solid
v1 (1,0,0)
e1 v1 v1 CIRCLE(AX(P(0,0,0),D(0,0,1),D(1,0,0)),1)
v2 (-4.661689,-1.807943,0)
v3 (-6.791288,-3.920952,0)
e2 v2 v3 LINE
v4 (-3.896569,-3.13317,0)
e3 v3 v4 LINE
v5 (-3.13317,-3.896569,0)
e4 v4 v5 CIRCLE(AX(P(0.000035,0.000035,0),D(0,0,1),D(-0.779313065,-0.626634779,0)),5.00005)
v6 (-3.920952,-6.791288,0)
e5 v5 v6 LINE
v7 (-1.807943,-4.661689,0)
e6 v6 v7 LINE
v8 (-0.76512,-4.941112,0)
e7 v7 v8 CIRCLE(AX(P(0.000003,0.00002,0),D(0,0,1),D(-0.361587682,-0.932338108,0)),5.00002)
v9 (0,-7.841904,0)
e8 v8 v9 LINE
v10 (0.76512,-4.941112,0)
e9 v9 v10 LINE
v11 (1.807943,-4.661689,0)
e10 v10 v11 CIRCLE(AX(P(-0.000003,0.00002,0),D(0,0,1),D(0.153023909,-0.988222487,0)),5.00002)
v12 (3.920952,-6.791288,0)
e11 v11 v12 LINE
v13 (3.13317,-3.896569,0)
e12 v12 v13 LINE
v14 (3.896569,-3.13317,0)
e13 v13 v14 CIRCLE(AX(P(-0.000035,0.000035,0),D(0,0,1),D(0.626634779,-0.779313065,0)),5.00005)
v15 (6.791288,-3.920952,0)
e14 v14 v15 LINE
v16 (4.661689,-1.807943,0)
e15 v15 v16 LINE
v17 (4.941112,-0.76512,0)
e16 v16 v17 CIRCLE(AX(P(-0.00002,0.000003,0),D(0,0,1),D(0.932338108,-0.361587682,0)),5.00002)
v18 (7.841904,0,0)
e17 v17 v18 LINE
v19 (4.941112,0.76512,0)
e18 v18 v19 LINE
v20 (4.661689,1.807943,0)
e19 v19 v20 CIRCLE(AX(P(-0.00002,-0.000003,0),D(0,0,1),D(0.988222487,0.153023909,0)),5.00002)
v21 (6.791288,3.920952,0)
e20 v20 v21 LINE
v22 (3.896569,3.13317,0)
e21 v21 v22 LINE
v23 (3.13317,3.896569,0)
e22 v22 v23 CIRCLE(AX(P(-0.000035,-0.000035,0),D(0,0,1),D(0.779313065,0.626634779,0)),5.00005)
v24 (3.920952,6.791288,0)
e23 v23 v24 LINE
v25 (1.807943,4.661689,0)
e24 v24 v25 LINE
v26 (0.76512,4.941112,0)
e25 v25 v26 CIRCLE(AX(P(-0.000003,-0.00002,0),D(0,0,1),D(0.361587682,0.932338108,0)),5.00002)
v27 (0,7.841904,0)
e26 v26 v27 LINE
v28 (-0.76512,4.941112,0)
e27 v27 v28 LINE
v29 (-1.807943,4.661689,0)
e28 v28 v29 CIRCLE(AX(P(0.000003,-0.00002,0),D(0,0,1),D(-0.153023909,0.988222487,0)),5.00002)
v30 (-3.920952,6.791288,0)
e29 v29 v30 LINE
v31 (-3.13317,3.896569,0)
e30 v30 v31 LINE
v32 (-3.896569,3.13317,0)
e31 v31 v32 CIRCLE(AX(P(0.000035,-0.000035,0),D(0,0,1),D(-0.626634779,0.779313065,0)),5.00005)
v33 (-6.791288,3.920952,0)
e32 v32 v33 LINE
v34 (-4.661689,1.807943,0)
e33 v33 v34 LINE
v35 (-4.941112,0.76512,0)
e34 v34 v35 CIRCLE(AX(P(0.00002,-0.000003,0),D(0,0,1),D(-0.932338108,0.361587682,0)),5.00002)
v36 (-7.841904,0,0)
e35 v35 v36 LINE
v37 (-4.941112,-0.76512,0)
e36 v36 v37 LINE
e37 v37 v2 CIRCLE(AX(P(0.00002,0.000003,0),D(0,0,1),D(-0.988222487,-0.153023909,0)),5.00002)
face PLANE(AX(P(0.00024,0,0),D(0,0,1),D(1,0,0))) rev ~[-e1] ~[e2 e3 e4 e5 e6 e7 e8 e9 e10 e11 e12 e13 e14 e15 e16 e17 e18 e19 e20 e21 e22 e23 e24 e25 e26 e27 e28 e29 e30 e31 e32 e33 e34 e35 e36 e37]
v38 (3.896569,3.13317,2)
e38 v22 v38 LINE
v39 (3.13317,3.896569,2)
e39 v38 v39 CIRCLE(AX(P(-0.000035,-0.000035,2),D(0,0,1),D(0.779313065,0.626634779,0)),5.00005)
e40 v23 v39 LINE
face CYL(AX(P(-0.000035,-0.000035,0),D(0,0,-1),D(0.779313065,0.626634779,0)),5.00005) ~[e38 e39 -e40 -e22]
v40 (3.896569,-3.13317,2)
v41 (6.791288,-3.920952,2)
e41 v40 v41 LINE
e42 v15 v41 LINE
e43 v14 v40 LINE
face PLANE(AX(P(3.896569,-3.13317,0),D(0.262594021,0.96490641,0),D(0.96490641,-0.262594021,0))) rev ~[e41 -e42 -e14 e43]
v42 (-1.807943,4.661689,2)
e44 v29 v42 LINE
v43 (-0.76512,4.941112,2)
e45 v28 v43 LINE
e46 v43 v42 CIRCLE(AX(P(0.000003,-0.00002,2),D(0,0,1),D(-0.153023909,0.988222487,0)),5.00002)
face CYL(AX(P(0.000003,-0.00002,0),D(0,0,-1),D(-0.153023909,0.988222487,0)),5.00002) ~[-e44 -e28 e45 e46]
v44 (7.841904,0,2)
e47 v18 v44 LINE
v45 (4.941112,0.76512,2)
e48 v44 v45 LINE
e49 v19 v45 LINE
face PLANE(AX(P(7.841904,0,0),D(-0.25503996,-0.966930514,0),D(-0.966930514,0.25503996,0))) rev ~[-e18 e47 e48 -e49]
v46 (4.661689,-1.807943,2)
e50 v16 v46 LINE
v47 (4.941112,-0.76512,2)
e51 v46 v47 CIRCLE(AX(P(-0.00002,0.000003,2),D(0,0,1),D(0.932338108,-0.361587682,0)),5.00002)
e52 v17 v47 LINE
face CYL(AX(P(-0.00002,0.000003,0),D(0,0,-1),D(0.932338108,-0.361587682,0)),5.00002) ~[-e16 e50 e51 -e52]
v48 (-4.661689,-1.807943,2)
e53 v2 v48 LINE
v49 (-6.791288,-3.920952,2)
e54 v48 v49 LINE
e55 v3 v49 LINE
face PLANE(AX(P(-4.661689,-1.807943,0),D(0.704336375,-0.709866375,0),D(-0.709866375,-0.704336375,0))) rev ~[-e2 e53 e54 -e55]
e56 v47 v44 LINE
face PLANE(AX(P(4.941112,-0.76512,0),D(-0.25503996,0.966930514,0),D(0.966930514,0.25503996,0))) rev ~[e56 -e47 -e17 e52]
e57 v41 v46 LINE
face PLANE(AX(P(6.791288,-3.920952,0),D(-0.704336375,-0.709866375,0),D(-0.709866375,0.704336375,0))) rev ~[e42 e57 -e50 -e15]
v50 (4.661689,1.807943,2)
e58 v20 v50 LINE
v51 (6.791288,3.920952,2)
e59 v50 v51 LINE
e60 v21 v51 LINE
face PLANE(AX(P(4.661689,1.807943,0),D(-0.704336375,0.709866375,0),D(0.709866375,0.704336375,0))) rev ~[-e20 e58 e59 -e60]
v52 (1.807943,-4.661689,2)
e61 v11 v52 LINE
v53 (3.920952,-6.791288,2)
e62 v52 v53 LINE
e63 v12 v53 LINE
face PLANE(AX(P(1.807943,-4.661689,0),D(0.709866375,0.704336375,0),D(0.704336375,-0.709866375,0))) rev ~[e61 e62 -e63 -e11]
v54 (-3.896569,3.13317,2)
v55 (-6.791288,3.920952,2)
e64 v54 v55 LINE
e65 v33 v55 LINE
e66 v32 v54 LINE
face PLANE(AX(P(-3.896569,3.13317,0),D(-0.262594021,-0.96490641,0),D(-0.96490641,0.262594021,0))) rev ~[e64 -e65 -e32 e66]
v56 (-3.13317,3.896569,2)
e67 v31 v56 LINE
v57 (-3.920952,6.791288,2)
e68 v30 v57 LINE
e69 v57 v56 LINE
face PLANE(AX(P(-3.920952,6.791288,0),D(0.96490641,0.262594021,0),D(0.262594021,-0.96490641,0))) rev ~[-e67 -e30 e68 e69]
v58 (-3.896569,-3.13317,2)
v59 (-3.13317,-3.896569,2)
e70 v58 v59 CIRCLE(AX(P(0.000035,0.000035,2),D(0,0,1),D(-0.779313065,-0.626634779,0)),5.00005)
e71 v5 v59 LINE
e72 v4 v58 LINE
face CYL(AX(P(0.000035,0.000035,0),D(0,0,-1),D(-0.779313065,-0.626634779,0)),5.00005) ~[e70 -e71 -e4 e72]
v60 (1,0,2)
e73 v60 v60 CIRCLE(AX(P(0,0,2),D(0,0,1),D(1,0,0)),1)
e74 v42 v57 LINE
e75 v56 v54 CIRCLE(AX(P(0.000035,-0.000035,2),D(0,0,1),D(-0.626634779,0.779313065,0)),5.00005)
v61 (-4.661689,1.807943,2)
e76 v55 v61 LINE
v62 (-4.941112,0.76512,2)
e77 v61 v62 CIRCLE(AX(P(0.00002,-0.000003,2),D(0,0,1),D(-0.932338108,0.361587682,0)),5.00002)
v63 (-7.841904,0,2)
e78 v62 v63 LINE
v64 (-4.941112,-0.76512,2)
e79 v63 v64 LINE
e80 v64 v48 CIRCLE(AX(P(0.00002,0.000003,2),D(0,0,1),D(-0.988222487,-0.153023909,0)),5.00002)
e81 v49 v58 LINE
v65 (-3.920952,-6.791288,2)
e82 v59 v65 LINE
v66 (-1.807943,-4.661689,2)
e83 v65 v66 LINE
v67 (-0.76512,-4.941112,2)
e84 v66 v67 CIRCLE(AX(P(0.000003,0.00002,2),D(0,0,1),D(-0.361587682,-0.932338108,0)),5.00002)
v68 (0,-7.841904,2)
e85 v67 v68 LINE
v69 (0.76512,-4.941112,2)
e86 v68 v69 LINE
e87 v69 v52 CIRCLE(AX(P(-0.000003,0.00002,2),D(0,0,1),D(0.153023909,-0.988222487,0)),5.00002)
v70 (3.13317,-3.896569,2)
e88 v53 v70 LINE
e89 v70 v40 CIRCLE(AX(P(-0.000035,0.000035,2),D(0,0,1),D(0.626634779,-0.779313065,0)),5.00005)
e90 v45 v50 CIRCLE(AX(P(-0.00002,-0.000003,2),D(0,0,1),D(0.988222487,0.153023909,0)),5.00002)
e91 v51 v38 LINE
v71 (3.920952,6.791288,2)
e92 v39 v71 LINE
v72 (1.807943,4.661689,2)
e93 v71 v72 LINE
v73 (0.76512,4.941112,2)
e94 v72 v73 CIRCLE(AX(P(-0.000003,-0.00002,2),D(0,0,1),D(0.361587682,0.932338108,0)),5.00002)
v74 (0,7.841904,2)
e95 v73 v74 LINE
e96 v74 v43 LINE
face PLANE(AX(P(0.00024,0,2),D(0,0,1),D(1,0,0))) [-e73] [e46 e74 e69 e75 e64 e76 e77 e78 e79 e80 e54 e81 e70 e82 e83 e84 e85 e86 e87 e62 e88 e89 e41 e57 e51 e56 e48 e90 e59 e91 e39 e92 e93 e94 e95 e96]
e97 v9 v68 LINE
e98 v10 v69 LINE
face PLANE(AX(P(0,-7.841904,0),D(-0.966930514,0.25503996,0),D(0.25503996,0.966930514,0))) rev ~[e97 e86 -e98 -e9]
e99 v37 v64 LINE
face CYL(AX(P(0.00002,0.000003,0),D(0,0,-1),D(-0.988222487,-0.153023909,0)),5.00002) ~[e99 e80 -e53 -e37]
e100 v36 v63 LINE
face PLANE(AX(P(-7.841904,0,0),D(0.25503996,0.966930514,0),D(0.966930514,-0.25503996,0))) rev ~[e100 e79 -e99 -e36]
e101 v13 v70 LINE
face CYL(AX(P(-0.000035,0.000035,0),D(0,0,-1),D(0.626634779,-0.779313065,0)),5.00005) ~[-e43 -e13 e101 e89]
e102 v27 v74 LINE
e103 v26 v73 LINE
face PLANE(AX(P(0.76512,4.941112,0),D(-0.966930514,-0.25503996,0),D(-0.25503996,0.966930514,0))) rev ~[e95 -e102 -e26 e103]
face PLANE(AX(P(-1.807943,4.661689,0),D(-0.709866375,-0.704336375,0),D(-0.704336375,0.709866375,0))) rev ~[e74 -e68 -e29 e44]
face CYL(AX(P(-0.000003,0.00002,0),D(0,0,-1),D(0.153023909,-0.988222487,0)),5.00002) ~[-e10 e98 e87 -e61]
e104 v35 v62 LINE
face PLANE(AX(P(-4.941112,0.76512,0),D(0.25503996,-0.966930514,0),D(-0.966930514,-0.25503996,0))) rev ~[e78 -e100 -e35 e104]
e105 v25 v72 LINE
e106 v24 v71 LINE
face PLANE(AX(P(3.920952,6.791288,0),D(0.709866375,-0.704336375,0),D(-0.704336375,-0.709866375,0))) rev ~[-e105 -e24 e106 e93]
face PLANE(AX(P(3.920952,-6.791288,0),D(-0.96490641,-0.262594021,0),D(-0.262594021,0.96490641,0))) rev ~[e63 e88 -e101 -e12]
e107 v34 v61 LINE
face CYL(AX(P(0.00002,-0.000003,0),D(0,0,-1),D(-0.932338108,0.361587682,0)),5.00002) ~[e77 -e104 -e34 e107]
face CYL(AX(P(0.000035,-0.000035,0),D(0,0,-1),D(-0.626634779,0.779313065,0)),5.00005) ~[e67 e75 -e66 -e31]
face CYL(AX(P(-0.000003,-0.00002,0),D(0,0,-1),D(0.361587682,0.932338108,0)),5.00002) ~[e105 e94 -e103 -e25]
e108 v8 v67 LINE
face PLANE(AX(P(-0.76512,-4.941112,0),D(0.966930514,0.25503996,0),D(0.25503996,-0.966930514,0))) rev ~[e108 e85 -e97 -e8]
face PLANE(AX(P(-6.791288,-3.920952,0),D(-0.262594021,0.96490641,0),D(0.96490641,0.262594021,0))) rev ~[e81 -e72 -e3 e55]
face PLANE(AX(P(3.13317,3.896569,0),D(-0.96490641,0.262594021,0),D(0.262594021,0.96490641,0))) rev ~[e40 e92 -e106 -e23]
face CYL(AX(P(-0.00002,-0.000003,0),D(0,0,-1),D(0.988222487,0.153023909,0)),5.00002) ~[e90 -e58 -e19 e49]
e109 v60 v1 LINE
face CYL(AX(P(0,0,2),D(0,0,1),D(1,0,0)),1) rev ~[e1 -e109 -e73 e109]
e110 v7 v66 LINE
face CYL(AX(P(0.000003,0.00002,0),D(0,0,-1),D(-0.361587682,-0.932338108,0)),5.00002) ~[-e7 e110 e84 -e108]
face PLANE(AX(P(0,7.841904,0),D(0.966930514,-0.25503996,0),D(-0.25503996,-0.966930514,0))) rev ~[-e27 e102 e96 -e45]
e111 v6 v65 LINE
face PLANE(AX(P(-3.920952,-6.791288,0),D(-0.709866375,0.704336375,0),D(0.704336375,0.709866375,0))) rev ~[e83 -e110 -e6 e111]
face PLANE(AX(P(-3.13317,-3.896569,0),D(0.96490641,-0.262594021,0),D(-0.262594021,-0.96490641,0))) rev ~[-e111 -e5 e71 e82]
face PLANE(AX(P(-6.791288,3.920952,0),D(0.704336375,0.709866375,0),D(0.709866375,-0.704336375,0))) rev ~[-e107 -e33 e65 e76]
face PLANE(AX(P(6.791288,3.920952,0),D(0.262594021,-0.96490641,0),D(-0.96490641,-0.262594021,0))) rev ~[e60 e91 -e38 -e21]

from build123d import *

# Parameters (mm, degrees)
F1_DEPTH = 2
F2_R     = 1
F3_DEPTH = 25


with BuildPart() as f1:
    # F0 (on Top) → F1 (new body)
    with BuildSketch(Plane.XY):
        with BuildLine():
            ThreePointArc((4.941112, -0.76512), (4.985256, -0.383692), (5, 0))
            ThreePointArc((5, 0), (4.985256, 0.383692), (4.941112, 0.76512))
            ThreePointArc((4.941112, 0.76512), (4.829629, 1.294095), (4.661689, 1.807943))
            ThreePointArc((4.661689, 1.807943), (4.330127, 2.5), (3.896569, 3.13317))
            ThreePointArc((3.896569, 3.13317), (3.535534, 3.535534), (3.13317, 3.896569))
            ThreePointArc((3.13317, 3.896569), (2.5, 4.330127), (1.807943, 4.661689))
            ThreePointArc((1.807943, 4.661689), (1.294095, 4.829629), (0.76512, 4.941112))
            ThreePointArc((0.76512, 4.941112), (0, 5), (-0.76512, 4.941112))
            ThreePointArc((-0.76512, 4.941112), (-1.294095, 4.829629), (-1.807943, 4.661689))
            ThreePointArc((-1.807943, 4.661689), (-2.5, 4.330127), (-3.13317, 3.896569))
            ThreePointArc((-3.13317, 3.896569), (-3.535534, 3.535534), (-3.896569, 3.13317))
            ThreePointArc((-3.896569, 3.13317), (-4.330127, 2.5), (-4.661689, 1.807943))
            ThreePointArc((-4.661689, 1.807943), (-4.829629, 1.294095), (-4.941112, 0.76512))
            ThreePointArc((-4.941112, 0.76512), (-5, 0), (-4.941112, -0.76512))
            ThreePointArc((-4.941112, -0.76512), (-4.829629, -1.294095), (-4.661689, -1.807943))
            ThreePointArc((-4.661689, -1.807943), (-4.330127, -2.5), (-3.896569, -3.13317))
            ThreePointArc((-3.896569, -3.13317), (-3.535534, -3.535534), (-3.13317, -3.896569))
            ThreePointArc((-3.13317, -3.896569), (-2.5, -4.330127), (-1.807943, -4.661689))
            ThreePointArc((-1.807943, -4.661689), (-1.294095, -4.829629), (-0.76512, -4.941112))
            ThreePointArc((-0.76512, -4.941112), (0, -5), (0.76512, -4.941112))
            ThreePointArc((0.76512, -4.941112), (1.294095, -4.829629), (1.807943, -4.661689))
            ThreePointArc((1.807943, -4.661689), (2.5, -4.330127), (3.13317, -3.896569))
            ThreePointArc((3.13317, -3.896569), (3.535534, -3.535534), (3.896569, -3.13317))
            ThreePointArc((3.896569, -3.13317), (4.330127, -2.5), (4.661689, -1.807943))
            ThreePointArc((4.661689, -1.807943), (4.829629, -1.294095), (4.941112, -0.76512))
        make_face()
        with BuildLine():
            ThreePointArc((4.941112, 0.76512), (4.985256, 0.383692), (5, 0))
            ThreePointArc((5, 0), (4.985256, -0.383692), (4.941112, -0.76512))
            Line((4.941112, -0.76512), (7.841904, 0))
            Line((7.841904, 0), (4.941112, 0.76512))
        make_face()
        with BuildLine():
            ThreePointArc((3.896569, 3.13317), (4.330127, 2.5), (4.661689, 1.807943))
            Line((4.661689, 1.807943), (6.791288, 3.920952))
            Line((6.791288, 3.920952), (3.896569, 3.13317))
        make_face()
        with BuildLine():
            Line((6.791288, -3.920952), (4.661689, -1.807943))
            ThreePointArc((4.661689, -1.807943), (4.330127, -2.5), (3.896569, -3.13317))
            Line((3.896569, -3.13317), (6.791288, -3.920952))
        make_face()
        with BuildLine():
            ThreePointArc((1.807943, 4.661689), (2.5, 4.330127), (3.13317, 3.896569))
            Line((3.13317, 3.896569), (3.920952, 6.791288))
            Line((3.920952, 6.791288), (1.807943, 4.661689))
        make_face()
        with BuildLine():
            Line((3.920952, -6.791288), (3.13317, -3.896569))
            ThreePointArc((3.13317, -3.896569), (2.5, -4.330127), (1.807943, -4.661689))
            Line((1.807943, -4.661689), (3.920952, -6.791288))
        make_face()
        with BuildLine():
            ThreePointArc((-0.76512, 4.941112), (0, 5), (0.76512, 4.941112))
            Line((0.76512, 4.941112), (0, 7.841904))
            Line((0, 7.841904), (-0.76512, 4.941112))
        make_face()
        with BuildLine():
            Line((0, -7.841904), (0.76512, -4.941112))
            ThreePointArc((0.76512, -4.941112), (0, -5), (-0.76512, -4.941112))
            Line((-0.76512, -4.941112), (0, -7.841904))
        make_face()
        with BuildLine():
            ThreePointArc((-3.13317, 3.896569), (-2.5, 4.330127), (-1.807943, 4.661689))
            Line((-1.807943, 4.661689), (-3.920952, 6.791288))
            Line((-3.920952, 6.791288), (-3.13317, 3.896569))
        make_face()
        with BuildLine():
            Line((-3.920952, -6.791288), (-1.807943, -4.661689))
            ThreePointArc((-1.807943, -4.661689), (-2.5, -4.330127), (-3.13317, -3.896569))
            Line((-3.13317, -3.896569), (-3.920952, -6.791288))
        make_face()
        with BuildLine():
            ThreePointArc((-4.661689, 1.807943), (-4.330127, 2.5), (-3.896569, 3.13317))
            Line((-3.896569, 3.13317), (-6.791288, 3.920952))
            Line((-6.791288, 3.920952), (-4.661689, 1.807943))
        make_face()
        with BuildLine():
            Line((-6.791288, -3.920952), (-3.896569, -3.13317))
            ThreePointArc((-3.896569, -3.13317), (-4.330127, -2.5), (-4.661689, -1.807943))
            Line((-4.661689, -1.807943), (-6.791288, -3.920952))
        make_face()
        with BuildLine():
            ThreePointArc((-4.941112, -0.76512), (-5, 0), (-4.941112, 0.76512))
            Line((-4.941112, 0.76512), (-7.841904, 0))
            Line((-7.841904, 0), (-4.941112, -0.76512))
        make_face()
    extrude(amount=F1_DEPTH)

    # F2 (on face) → F3 (cut)
    with BuildSketch(Plane.XY.offset(2)):
        Circle(F2_R)
    extrude(amount=-F3_DEPTH, mode=Mode.SUBTRACT)


solid = f1.part
